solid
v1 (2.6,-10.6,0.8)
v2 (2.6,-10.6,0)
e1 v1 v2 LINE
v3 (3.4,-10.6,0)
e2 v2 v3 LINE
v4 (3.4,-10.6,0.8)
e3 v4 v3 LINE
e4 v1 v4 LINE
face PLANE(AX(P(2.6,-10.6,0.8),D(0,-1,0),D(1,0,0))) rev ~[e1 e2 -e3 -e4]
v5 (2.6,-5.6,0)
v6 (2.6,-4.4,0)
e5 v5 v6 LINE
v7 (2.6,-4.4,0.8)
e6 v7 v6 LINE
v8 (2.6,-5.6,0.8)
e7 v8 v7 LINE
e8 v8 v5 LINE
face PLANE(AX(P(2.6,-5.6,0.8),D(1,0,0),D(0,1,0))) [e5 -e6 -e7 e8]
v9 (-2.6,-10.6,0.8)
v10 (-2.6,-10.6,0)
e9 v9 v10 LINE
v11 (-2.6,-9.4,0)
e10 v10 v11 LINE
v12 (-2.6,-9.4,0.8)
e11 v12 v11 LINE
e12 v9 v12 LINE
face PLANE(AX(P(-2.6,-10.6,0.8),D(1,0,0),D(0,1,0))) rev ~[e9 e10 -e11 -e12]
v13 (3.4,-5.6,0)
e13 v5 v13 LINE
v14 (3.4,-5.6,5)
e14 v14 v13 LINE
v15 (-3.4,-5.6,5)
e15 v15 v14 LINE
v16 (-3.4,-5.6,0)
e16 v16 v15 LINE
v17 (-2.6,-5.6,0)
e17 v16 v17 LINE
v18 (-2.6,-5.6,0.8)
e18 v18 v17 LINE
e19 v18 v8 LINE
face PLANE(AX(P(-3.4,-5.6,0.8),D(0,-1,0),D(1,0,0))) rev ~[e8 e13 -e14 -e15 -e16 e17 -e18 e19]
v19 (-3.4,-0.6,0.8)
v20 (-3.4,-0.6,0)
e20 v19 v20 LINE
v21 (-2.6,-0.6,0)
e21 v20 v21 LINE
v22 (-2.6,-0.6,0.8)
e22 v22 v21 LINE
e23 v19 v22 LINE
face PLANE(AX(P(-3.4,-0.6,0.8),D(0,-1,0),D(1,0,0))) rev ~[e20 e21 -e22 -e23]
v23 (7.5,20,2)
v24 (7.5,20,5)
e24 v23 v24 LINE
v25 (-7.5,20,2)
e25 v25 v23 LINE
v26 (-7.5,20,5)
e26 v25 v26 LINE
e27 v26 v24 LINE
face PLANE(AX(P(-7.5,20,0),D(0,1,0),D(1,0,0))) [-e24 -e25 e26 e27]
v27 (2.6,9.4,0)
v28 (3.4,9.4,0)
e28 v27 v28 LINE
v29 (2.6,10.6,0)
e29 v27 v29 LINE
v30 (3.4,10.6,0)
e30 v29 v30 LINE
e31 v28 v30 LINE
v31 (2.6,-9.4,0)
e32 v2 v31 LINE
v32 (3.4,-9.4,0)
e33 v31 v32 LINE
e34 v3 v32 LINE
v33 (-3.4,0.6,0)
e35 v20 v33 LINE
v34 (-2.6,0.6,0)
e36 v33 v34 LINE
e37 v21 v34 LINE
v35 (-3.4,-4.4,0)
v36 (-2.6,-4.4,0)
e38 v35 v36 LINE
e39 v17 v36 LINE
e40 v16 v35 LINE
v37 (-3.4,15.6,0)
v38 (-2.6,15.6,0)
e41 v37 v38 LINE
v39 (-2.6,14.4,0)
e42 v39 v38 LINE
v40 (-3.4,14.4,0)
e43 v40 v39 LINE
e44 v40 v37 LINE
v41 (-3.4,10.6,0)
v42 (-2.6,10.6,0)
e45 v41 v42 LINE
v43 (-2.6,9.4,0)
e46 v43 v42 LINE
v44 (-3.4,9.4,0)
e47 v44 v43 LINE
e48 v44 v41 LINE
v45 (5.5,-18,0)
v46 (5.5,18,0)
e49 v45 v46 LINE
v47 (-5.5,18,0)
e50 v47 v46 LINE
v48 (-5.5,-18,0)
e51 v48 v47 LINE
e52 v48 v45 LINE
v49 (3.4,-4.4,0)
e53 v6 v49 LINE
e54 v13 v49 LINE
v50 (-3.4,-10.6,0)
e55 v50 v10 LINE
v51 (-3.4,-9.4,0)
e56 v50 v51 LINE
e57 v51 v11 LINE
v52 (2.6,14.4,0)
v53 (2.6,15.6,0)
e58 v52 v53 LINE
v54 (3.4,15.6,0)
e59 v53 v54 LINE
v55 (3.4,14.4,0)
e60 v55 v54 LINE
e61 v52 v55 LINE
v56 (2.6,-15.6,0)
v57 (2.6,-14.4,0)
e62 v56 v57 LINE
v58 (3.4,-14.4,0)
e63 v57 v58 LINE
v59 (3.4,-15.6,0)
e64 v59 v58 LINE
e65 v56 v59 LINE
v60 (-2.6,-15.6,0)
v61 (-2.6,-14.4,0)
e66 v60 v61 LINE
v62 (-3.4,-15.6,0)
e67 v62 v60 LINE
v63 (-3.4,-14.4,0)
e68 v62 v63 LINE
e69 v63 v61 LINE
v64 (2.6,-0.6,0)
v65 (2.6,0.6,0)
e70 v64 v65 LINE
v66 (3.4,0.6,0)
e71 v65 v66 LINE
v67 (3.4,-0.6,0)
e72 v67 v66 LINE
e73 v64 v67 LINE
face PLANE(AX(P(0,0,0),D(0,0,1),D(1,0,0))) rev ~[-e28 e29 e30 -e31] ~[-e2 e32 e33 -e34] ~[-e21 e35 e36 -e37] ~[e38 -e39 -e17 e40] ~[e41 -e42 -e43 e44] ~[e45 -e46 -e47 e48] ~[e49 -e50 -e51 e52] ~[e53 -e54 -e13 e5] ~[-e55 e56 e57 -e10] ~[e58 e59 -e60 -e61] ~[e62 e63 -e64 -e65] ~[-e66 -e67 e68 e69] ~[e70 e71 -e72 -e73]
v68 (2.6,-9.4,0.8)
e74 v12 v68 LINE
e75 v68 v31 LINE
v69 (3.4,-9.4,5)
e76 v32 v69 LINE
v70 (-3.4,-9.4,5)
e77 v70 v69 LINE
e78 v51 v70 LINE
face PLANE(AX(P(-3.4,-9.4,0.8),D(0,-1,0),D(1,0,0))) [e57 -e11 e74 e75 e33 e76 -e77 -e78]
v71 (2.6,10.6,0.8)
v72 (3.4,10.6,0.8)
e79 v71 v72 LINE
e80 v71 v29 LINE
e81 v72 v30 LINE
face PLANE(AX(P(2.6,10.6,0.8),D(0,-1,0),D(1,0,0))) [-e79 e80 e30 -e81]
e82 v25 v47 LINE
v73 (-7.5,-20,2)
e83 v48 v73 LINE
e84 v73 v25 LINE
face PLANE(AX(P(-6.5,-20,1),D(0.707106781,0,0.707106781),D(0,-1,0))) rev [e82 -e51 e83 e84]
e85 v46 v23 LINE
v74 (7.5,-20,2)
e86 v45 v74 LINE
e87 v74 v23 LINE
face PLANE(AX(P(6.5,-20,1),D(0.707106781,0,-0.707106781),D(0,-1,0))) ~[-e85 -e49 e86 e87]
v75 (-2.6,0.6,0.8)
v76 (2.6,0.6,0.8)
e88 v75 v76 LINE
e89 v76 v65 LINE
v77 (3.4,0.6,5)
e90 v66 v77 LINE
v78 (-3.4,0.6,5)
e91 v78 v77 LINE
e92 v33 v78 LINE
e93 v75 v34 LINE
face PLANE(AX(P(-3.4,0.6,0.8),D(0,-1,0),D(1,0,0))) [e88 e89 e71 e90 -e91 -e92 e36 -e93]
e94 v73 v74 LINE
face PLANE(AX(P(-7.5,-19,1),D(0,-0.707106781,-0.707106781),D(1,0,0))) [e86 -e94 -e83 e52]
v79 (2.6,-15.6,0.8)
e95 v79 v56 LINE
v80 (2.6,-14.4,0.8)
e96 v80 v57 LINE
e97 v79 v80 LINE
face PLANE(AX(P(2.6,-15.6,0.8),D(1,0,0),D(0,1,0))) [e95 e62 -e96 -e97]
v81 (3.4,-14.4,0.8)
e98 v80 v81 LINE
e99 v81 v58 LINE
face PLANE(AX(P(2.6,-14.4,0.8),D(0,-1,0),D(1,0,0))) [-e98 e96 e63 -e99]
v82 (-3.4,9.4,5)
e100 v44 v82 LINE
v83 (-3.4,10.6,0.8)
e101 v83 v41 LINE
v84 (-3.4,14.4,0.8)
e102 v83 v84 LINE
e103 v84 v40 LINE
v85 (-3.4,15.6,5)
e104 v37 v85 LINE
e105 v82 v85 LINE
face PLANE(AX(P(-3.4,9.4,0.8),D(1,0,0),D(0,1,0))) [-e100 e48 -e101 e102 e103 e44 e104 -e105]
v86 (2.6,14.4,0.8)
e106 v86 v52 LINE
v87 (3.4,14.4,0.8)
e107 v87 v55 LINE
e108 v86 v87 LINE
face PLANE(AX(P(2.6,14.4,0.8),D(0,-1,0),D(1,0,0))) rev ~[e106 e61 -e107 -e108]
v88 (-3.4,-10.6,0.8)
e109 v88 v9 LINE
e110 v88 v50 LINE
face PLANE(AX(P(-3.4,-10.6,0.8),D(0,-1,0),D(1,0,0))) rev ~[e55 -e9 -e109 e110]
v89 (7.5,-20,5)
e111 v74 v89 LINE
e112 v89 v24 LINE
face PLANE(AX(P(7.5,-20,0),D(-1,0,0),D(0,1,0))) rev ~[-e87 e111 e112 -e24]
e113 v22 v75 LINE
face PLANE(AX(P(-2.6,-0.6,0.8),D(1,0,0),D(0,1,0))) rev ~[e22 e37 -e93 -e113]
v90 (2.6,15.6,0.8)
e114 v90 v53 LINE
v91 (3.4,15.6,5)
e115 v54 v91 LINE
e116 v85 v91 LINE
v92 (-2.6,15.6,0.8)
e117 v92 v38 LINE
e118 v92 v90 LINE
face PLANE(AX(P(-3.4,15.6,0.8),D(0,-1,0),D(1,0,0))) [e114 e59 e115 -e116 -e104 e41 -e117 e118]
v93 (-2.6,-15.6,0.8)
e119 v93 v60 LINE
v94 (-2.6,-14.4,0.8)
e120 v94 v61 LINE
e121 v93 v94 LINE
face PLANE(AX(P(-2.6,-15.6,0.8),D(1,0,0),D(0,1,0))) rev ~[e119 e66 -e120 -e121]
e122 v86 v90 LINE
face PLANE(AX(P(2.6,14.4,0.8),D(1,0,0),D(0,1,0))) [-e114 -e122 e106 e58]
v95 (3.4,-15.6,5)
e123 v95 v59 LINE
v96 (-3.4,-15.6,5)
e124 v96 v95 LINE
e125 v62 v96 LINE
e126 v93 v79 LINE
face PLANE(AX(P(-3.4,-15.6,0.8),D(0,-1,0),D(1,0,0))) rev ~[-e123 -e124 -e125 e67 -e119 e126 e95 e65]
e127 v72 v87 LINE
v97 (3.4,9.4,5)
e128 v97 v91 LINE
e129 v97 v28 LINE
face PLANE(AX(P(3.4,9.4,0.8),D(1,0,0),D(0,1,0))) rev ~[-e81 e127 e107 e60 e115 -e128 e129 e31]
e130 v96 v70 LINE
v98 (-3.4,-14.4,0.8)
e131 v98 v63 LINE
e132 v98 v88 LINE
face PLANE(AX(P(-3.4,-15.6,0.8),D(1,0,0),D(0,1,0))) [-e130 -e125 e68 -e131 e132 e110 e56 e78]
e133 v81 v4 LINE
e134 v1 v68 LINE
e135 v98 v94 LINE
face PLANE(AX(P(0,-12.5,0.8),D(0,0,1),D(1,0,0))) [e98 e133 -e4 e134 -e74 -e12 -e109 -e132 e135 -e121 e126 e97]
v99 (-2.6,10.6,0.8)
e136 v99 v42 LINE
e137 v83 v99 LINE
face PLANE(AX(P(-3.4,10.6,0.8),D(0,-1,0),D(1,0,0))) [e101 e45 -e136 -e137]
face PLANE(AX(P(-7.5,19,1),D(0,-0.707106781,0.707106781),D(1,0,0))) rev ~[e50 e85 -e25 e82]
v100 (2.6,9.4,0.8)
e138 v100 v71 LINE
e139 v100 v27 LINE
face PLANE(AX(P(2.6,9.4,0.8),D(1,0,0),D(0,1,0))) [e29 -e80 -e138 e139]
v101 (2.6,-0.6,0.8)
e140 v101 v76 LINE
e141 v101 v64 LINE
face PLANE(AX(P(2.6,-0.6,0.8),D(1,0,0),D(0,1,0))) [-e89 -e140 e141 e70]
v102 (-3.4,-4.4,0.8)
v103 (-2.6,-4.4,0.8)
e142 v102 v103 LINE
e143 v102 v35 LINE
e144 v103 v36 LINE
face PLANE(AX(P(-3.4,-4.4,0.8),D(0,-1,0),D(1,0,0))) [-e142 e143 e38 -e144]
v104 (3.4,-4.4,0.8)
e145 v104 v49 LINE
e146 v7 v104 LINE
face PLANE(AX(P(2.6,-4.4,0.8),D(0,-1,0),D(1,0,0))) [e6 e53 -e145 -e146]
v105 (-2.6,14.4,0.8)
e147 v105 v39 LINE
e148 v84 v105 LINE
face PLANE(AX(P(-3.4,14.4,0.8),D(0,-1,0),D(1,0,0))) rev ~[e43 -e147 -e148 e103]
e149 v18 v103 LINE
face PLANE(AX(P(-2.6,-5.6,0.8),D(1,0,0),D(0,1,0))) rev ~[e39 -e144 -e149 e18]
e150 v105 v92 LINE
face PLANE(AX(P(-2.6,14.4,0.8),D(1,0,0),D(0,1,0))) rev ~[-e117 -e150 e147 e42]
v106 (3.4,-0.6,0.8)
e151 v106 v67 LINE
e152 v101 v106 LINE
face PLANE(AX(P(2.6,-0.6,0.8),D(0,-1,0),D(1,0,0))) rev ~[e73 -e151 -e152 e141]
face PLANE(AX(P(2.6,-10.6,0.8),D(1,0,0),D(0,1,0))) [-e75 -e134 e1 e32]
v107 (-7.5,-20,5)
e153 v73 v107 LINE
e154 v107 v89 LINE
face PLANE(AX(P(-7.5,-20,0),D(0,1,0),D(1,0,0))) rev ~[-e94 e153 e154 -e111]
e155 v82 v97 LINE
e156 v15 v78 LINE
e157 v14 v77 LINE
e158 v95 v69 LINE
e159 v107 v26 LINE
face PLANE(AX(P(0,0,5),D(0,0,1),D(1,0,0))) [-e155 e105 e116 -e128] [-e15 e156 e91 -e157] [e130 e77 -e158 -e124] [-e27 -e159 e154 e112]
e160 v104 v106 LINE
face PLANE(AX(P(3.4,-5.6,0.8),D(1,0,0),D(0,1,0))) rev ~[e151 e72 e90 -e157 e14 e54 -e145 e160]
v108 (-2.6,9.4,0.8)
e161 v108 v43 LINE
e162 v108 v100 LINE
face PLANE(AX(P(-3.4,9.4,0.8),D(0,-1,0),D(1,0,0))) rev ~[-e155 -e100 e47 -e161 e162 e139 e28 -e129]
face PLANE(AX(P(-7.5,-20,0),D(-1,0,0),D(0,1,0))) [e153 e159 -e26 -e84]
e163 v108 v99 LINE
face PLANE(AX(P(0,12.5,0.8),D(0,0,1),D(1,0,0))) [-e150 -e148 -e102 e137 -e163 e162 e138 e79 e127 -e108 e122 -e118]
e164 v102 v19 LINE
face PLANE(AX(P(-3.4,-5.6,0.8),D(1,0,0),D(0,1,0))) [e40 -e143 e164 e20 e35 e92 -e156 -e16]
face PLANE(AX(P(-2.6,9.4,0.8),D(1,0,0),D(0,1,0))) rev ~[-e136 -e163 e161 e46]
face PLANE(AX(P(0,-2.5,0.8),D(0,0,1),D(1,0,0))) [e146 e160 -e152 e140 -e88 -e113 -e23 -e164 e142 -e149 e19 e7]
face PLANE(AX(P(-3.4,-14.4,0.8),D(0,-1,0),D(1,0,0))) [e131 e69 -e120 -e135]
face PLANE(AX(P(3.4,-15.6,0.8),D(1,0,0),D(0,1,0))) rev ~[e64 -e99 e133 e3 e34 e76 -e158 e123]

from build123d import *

# Parameters (mm, degrees)
ESQUISSE1_W             = 15
ESQUISSE1_H             = 40
BOSS_EXTRU_1_DEPTH      = 5
ESQUISSE2_W             = 6.8
ESQUISSE2_H             = 6.2
ENL_V_MAT_EXTRU_1_DEPTH = 4.2
ESQUISSE3_W             = 0.8
ESQUISSE3_H             = 1.2
ENL_V_MAT_EXTRU_2_DEPTH = 22.769014677
CHANFREIN1_SIZE         = 2


with BuildPart() as part:
    # Esquisse1 → Boss.-Extru.1 (new body)
    with BuildSketch(Plane.XY):
        Rectangle(ESQUISSE1_W, ESQUISSE1_H)
    extrude(amount=BOSS_EXTRU_1_DEPTH)

    # Esquisse2 → Enlèv. mat.-Extru.1 (cut)
    with BuildSketch(Plane.XY.offset(5)):
        with Locations((0, -2.5)):
            Rectangle(ESQUISSE2_W, ESQUISSE2_H)
        with Locations((0, 12.5)):
            Rectangle(ESQUISSE2_W, ESQUISSE2_H)
        with Locations((0, -12.5)):
            Rectangle(ESQUISSE2_W, ESQUISSE2_H)
    extrude(amount=-ENL_V_MAT_EXTRU_1_DEPTH, mode=Mode.SUBTRACT)

    # Esquisse3 → Enlèv. mat.-Extru.2 (cut, through all)
    with BuildSketch(Plane.XY.offset(0.8)):
        with Locations((-3, 0)):
            Rectangle(ESQUISSE3_W, ESQUISSE3_H)
        with Locations((-3, 10)):
            Rectangle(ESQUISSE3_W, ESQUISSE3_H)
        with Locations((-3, 15)):
            Rectangle(ESQUISSE3_W, ESQUISSE3_H)
        with Locations((3, 15)):
            Rectangle(ESQUISSE3_W, ESQUISSE3_H)
        with Locations((3, 10)):
            Rectangle(ESQUISSE3_W, ESQUISSE3_H)
        with Locations((3, 0)):
            Rectangle(ESQUISSE3_W, ESQUISSE3_H)
        with Locations((3, -5)):
            Rectangle(ESQUISSE3_W, ESQUISSE3_H)
        with Locations((3, -15)):
            Rectangle(ESQUISSE3_W, ESQUISSE3_H)
        with Locations((3, -10)):
            Rectangle(ESQUISSE3_W, ESQUISSE3_H)
        with Locations((-3, -10)):
            Rectangle(ESQUISSE3_W, ESQUISSE3_H)
        with Locations((-3, -15)):
            Rectangle(ESQUISSE3_W, ESQUISSE3_H)
        with Locations((-3, -5)):
            Rectangle(ESQUISSE3_W, ESQUISSE3_H)
    extrude(amount=-ENL_V_MAT_EXTRU_2_DEPTH, mode=Mode.SUBTRACT)

    # Chanfrein1
    chanfrein1_edges = [part.edges().sort_by_distance(p)[0] for p in [
        (0, -20, 0),
        (-7.5, 0, 0),
        (0, 20, 0),
        (7.5, 0, 0),
    ]]
    chamfer(chanfrein1_edges, length=CHANFREIN1_SIZE)


solid = part.part
